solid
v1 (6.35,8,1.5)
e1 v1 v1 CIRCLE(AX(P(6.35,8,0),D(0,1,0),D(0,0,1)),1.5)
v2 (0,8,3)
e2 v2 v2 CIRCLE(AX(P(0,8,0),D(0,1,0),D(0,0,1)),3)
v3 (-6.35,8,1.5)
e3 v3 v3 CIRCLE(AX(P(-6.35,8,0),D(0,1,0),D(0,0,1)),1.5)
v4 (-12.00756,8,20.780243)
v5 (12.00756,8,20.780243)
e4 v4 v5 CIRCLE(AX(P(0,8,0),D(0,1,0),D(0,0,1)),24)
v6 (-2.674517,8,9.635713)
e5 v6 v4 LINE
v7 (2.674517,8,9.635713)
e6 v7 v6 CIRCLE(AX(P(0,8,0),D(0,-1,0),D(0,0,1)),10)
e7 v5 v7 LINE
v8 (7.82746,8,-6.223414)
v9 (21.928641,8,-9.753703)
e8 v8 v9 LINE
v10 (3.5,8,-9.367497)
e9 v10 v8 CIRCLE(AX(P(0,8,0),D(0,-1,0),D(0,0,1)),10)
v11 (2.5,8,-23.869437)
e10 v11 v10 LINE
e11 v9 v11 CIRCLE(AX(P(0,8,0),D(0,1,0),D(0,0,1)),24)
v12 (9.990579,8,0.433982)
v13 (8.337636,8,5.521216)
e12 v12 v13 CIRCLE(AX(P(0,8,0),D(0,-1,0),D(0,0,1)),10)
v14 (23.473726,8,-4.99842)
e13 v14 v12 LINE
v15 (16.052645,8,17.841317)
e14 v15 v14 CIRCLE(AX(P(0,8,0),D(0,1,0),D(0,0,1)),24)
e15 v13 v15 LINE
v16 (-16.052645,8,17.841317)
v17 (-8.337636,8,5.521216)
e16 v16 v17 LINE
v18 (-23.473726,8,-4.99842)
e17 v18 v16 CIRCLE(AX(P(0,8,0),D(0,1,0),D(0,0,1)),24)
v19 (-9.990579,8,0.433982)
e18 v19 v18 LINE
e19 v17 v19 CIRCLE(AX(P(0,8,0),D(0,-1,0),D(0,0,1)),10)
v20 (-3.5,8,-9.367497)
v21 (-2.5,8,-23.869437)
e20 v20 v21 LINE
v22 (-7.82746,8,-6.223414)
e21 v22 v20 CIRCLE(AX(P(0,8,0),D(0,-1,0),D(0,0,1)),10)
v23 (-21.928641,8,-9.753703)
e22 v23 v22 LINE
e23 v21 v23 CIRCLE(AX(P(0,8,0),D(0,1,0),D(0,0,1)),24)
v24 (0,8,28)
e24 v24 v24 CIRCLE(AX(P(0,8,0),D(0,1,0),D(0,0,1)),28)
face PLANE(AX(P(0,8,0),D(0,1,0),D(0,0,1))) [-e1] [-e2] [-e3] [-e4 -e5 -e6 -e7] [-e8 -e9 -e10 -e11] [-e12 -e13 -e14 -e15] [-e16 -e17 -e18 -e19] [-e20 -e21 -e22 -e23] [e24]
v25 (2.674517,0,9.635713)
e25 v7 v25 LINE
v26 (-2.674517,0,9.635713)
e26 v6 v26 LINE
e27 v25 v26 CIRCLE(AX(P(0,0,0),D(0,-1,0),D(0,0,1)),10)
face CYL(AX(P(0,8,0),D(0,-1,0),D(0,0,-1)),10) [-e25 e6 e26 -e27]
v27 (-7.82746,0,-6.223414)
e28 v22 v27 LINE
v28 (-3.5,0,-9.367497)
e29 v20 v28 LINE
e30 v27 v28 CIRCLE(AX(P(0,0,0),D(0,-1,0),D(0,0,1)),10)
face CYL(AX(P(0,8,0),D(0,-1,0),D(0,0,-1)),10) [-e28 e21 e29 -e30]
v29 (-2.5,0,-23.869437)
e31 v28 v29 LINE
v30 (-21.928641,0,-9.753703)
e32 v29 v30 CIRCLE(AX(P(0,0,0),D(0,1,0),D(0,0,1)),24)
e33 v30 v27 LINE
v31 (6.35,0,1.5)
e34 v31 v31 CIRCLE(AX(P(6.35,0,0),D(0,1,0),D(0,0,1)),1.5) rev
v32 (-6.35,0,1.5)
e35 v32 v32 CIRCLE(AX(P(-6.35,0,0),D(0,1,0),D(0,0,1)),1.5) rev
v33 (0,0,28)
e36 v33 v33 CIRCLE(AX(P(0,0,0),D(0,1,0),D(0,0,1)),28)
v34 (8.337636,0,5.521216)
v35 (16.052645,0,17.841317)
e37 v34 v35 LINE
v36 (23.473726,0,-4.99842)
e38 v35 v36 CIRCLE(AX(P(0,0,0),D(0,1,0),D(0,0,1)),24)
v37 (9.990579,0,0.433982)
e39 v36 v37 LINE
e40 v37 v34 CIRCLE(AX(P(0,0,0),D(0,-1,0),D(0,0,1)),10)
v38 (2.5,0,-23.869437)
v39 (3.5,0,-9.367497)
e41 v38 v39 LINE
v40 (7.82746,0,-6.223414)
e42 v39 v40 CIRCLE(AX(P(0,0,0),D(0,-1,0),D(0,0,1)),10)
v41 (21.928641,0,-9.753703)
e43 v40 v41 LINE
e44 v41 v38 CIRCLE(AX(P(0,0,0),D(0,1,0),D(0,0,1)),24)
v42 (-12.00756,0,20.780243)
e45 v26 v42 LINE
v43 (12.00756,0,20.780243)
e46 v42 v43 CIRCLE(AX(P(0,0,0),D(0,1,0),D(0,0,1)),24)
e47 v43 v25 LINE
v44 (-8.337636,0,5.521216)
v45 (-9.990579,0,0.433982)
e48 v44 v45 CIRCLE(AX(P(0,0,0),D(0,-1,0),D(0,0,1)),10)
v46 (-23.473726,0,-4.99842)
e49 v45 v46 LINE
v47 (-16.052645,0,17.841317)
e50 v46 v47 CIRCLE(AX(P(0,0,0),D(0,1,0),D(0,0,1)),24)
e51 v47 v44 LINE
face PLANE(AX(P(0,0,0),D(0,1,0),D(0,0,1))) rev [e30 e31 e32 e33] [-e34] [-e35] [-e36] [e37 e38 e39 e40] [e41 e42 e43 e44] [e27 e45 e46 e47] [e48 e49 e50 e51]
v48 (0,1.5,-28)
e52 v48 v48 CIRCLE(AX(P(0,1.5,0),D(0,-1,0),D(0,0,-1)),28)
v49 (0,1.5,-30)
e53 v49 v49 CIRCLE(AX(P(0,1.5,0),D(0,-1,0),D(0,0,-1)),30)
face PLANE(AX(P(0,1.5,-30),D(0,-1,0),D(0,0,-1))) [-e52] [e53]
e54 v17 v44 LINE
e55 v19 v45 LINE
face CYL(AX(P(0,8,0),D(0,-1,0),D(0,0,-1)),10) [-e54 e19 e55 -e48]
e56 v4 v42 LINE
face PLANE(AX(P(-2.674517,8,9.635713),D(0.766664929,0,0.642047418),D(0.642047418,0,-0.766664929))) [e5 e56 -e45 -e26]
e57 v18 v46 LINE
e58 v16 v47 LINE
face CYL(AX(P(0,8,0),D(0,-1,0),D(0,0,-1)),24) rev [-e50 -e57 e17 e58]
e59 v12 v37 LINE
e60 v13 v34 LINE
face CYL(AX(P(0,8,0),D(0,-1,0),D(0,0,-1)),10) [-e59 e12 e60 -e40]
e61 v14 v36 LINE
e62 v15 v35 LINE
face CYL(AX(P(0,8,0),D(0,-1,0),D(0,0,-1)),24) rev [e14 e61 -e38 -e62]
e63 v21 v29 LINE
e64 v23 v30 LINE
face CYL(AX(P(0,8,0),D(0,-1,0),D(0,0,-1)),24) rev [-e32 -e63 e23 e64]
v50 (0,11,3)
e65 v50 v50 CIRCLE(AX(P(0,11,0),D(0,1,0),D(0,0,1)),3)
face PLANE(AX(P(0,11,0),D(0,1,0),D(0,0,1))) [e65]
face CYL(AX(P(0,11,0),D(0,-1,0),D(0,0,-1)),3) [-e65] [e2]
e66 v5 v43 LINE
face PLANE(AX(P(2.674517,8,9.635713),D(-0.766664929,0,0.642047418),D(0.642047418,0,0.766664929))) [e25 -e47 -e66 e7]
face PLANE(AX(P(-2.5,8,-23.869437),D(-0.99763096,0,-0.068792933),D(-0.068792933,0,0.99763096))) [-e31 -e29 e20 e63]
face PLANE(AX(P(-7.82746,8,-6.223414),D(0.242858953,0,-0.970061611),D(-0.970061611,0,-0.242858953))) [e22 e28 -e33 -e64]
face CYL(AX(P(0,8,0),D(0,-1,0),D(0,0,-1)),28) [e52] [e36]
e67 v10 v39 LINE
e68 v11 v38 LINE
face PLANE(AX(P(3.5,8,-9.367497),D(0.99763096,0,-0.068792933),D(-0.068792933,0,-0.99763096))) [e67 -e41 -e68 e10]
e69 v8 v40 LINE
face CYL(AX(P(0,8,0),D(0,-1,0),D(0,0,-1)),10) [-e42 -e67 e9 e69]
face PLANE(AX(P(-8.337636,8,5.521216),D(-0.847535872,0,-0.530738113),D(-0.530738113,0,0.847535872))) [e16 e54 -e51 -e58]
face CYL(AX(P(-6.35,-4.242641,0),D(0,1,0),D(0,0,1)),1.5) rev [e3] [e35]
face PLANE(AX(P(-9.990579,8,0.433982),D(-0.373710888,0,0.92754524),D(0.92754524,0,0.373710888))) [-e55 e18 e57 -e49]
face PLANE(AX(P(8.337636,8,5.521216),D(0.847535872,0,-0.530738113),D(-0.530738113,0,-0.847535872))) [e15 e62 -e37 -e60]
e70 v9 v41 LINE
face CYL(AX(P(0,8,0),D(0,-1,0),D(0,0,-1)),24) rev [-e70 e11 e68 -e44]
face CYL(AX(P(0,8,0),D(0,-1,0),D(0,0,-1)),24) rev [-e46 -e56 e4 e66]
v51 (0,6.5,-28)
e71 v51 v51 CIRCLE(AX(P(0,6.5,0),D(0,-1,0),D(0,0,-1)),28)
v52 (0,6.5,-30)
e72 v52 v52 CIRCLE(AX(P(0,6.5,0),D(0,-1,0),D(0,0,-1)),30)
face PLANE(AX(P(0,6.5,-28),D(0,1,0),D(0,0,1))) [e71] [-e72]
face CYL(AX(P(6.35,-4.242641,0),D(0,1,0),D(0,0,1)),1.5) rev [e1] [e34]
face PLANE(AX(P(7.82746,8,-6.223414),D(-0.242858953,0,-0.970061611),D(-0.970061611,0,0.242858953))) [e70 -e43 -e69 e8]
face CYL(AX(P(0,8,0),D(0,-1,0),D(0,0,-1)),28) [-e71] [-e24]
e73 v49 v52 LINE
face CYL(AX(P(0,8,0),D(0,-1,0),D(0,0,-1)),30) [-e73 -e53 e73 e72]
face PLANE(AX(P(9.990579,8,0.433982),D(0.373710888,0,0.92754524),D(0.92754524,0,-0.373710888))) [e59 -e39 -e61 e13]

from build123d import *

# Parameters (mm, degrees)
SKETCH1_R           = 28
BOSS_EXTRUDE1_DEPTH = 8
SKETCH2_R           = 1.5
CUT_EXTRUDE1_DEPTH  = 8
SKETCH3_W           = 2
SKETCH3_H           = 5
SKETCH4_R           = 3
BOSS_EXTRUDE2_DEPTH = 3


with BuildPart() as part:
    # Sketch1 → Boss-Extrude1 (new body)
    with BuildSketch(Plane(origin=(0, 0, 0), x_dir=(1, 0, 0), z_dir=(0, 1, 0))):
        with Locations(Location((0, 0, 0), (0, 0, 270))):
            Circle(SKETCH1_R)
        with BuildLine():
            Line((-2.5, 23.869436525), (-3.5, 9.367496998))
            ThreePointArc((-3.5, 9.367496998), (-5.877852523, 8.090169944), (-7.827459581, 6.223413574))
            Line((-7.827459581, 6.223413574), (-21.928640661, 9.753702823))
            ThreePointArc((-21.928640661, 9.753702823), (-14.106846055, 19.416407865), (-2.5, 23.869436525))
        make_face(mode=Mode.SUBTRACT)
        with BuildLine():
            Line((3.5, 9.367496998), (2.5, 23.869436525))
            ThreePointArc((2.5, 23.869436525), (14.106846055, 19.416407865), (21.928640661, 9.753702823))
            Line((21.928640661, 9.753702823), (7.827459581, 6.223413574))
            ThreePointArc((7.827459581, 6.223413574), (5.877852523, 8.090169944), (3.5, 9.367496998))
        make_face(mode=Mode.SUBTRACT)
        with BuildLine():
            Line((9.990578541, -0.43398204), (23.473725633, 4.998420242))
            ThreePointArc((23.473725633, 4.998420242), (22.825356391, -7.416407865), (16.052645256, -17.841316664))
            Line((16.052645256, -17.841316664), (8.337636066, -5.521215883))
            ThreePointArc((8.337636066, -5.521215883), (9.510565163, -3.090169944), (9.990578541, -0.43398204))
        make_face(mode=Mode.SUBTRACT)
        with BuildLine():
            Line((2.674517106, -9.635712649), (12.007560284, -20.780242925))
            ThreePointArc((12.007560284, -20.780242925), (0, -24), (-12.007560284, -20.780242925))
            Line((-12.007560284, -20.780242925), (-2.674517106, -9.635712649))
            ThreePointArc((-2.674517106, -9.635712649), (0, -10), (2.674517106, -9.635712649))
        make_face(mode=Mode.SUBTRACT)
        with BuildLine():
            Line((-8.337636066, -5.521215883), (-16.052645256, -17.841316664))
            ThreePointArc((-16.052645256, -17.841316664), (-22.825356391, -7.416407865), (-23.473725633, 4.998420242))
            Line((-23.473725633, 4.998420242), (-9.990578541, -0.43398204))
            ThreePointArc((-9.990578541, -0.43398204), (-9.510565163, -3.090169944), (-8.337636066, -5.521215883))
        make_face(mode=Mode.SUBTRACT)
    extrude(amount=BOSS_EXTRUDE1_DEPTH)

    # Sketch2 → Cut-Extrude1 (cut)
    with BuildSketch(Plane(origin=(0, 8, 0), x_dir=(1, 0, 0), z_dir=(0, 1, 0))):
        with Locations(Location((-6.35, 0, 0), (0, 0, 270))):
            Circle(SKETCH2_R)
        with Locations(Location((6.35, 0, 0), (0, 0, 270))):
            Circle(SKETCH2_R)
    extrude(amount=-CUT_EXTRUDE1_DEPTH, mode=Mode.SUBTRACT)

    # Sweep1: sweep along a curve in space
    with BuildLine() as sweep1_path:
        ThreePointArc((0, 8, 28), (19.798989873, 8, 19.798989873), (28, 8, 0))
        ThreePointArc((28, 8, 0), (19.798989873, 8, -19.798989873), (0, 8, -28))
        ThreePointArc((0, 8, -28), (-19.798989873, 8, -19.798989873), (-28, 8, 0))
        ThreePointArc((-28, 8, 0), (-19.798989873, 8, 19.798989873), (0, 8, 28))
    # Sketch3 → Sweep1 (sweep)
    with BuildSketch(Plane(origin=(0, 0, 0), x_dir=(0, 0, -1), z_dir=(1, 0, 0))):
        with Locations((29, 4)):
            Rectangle(SKETCH3_W, SKETCH3_H)
    sweep(path=sweep1_path.line)

    # Sketch4 → Boss-Extrude2 (add)
    with BuildSketch(Plane(origin=(0, 8, 0), x_dir=(1, 0, 0), z_dir=(0, 1, 0))):
        with Locations(Location((0, 0, 0), (0, 0, 270))):
            Circle(SKETCH4_R)
    extrude(amount=BOSS_EXTRUDE2_DEPTH)


solid = part.part
